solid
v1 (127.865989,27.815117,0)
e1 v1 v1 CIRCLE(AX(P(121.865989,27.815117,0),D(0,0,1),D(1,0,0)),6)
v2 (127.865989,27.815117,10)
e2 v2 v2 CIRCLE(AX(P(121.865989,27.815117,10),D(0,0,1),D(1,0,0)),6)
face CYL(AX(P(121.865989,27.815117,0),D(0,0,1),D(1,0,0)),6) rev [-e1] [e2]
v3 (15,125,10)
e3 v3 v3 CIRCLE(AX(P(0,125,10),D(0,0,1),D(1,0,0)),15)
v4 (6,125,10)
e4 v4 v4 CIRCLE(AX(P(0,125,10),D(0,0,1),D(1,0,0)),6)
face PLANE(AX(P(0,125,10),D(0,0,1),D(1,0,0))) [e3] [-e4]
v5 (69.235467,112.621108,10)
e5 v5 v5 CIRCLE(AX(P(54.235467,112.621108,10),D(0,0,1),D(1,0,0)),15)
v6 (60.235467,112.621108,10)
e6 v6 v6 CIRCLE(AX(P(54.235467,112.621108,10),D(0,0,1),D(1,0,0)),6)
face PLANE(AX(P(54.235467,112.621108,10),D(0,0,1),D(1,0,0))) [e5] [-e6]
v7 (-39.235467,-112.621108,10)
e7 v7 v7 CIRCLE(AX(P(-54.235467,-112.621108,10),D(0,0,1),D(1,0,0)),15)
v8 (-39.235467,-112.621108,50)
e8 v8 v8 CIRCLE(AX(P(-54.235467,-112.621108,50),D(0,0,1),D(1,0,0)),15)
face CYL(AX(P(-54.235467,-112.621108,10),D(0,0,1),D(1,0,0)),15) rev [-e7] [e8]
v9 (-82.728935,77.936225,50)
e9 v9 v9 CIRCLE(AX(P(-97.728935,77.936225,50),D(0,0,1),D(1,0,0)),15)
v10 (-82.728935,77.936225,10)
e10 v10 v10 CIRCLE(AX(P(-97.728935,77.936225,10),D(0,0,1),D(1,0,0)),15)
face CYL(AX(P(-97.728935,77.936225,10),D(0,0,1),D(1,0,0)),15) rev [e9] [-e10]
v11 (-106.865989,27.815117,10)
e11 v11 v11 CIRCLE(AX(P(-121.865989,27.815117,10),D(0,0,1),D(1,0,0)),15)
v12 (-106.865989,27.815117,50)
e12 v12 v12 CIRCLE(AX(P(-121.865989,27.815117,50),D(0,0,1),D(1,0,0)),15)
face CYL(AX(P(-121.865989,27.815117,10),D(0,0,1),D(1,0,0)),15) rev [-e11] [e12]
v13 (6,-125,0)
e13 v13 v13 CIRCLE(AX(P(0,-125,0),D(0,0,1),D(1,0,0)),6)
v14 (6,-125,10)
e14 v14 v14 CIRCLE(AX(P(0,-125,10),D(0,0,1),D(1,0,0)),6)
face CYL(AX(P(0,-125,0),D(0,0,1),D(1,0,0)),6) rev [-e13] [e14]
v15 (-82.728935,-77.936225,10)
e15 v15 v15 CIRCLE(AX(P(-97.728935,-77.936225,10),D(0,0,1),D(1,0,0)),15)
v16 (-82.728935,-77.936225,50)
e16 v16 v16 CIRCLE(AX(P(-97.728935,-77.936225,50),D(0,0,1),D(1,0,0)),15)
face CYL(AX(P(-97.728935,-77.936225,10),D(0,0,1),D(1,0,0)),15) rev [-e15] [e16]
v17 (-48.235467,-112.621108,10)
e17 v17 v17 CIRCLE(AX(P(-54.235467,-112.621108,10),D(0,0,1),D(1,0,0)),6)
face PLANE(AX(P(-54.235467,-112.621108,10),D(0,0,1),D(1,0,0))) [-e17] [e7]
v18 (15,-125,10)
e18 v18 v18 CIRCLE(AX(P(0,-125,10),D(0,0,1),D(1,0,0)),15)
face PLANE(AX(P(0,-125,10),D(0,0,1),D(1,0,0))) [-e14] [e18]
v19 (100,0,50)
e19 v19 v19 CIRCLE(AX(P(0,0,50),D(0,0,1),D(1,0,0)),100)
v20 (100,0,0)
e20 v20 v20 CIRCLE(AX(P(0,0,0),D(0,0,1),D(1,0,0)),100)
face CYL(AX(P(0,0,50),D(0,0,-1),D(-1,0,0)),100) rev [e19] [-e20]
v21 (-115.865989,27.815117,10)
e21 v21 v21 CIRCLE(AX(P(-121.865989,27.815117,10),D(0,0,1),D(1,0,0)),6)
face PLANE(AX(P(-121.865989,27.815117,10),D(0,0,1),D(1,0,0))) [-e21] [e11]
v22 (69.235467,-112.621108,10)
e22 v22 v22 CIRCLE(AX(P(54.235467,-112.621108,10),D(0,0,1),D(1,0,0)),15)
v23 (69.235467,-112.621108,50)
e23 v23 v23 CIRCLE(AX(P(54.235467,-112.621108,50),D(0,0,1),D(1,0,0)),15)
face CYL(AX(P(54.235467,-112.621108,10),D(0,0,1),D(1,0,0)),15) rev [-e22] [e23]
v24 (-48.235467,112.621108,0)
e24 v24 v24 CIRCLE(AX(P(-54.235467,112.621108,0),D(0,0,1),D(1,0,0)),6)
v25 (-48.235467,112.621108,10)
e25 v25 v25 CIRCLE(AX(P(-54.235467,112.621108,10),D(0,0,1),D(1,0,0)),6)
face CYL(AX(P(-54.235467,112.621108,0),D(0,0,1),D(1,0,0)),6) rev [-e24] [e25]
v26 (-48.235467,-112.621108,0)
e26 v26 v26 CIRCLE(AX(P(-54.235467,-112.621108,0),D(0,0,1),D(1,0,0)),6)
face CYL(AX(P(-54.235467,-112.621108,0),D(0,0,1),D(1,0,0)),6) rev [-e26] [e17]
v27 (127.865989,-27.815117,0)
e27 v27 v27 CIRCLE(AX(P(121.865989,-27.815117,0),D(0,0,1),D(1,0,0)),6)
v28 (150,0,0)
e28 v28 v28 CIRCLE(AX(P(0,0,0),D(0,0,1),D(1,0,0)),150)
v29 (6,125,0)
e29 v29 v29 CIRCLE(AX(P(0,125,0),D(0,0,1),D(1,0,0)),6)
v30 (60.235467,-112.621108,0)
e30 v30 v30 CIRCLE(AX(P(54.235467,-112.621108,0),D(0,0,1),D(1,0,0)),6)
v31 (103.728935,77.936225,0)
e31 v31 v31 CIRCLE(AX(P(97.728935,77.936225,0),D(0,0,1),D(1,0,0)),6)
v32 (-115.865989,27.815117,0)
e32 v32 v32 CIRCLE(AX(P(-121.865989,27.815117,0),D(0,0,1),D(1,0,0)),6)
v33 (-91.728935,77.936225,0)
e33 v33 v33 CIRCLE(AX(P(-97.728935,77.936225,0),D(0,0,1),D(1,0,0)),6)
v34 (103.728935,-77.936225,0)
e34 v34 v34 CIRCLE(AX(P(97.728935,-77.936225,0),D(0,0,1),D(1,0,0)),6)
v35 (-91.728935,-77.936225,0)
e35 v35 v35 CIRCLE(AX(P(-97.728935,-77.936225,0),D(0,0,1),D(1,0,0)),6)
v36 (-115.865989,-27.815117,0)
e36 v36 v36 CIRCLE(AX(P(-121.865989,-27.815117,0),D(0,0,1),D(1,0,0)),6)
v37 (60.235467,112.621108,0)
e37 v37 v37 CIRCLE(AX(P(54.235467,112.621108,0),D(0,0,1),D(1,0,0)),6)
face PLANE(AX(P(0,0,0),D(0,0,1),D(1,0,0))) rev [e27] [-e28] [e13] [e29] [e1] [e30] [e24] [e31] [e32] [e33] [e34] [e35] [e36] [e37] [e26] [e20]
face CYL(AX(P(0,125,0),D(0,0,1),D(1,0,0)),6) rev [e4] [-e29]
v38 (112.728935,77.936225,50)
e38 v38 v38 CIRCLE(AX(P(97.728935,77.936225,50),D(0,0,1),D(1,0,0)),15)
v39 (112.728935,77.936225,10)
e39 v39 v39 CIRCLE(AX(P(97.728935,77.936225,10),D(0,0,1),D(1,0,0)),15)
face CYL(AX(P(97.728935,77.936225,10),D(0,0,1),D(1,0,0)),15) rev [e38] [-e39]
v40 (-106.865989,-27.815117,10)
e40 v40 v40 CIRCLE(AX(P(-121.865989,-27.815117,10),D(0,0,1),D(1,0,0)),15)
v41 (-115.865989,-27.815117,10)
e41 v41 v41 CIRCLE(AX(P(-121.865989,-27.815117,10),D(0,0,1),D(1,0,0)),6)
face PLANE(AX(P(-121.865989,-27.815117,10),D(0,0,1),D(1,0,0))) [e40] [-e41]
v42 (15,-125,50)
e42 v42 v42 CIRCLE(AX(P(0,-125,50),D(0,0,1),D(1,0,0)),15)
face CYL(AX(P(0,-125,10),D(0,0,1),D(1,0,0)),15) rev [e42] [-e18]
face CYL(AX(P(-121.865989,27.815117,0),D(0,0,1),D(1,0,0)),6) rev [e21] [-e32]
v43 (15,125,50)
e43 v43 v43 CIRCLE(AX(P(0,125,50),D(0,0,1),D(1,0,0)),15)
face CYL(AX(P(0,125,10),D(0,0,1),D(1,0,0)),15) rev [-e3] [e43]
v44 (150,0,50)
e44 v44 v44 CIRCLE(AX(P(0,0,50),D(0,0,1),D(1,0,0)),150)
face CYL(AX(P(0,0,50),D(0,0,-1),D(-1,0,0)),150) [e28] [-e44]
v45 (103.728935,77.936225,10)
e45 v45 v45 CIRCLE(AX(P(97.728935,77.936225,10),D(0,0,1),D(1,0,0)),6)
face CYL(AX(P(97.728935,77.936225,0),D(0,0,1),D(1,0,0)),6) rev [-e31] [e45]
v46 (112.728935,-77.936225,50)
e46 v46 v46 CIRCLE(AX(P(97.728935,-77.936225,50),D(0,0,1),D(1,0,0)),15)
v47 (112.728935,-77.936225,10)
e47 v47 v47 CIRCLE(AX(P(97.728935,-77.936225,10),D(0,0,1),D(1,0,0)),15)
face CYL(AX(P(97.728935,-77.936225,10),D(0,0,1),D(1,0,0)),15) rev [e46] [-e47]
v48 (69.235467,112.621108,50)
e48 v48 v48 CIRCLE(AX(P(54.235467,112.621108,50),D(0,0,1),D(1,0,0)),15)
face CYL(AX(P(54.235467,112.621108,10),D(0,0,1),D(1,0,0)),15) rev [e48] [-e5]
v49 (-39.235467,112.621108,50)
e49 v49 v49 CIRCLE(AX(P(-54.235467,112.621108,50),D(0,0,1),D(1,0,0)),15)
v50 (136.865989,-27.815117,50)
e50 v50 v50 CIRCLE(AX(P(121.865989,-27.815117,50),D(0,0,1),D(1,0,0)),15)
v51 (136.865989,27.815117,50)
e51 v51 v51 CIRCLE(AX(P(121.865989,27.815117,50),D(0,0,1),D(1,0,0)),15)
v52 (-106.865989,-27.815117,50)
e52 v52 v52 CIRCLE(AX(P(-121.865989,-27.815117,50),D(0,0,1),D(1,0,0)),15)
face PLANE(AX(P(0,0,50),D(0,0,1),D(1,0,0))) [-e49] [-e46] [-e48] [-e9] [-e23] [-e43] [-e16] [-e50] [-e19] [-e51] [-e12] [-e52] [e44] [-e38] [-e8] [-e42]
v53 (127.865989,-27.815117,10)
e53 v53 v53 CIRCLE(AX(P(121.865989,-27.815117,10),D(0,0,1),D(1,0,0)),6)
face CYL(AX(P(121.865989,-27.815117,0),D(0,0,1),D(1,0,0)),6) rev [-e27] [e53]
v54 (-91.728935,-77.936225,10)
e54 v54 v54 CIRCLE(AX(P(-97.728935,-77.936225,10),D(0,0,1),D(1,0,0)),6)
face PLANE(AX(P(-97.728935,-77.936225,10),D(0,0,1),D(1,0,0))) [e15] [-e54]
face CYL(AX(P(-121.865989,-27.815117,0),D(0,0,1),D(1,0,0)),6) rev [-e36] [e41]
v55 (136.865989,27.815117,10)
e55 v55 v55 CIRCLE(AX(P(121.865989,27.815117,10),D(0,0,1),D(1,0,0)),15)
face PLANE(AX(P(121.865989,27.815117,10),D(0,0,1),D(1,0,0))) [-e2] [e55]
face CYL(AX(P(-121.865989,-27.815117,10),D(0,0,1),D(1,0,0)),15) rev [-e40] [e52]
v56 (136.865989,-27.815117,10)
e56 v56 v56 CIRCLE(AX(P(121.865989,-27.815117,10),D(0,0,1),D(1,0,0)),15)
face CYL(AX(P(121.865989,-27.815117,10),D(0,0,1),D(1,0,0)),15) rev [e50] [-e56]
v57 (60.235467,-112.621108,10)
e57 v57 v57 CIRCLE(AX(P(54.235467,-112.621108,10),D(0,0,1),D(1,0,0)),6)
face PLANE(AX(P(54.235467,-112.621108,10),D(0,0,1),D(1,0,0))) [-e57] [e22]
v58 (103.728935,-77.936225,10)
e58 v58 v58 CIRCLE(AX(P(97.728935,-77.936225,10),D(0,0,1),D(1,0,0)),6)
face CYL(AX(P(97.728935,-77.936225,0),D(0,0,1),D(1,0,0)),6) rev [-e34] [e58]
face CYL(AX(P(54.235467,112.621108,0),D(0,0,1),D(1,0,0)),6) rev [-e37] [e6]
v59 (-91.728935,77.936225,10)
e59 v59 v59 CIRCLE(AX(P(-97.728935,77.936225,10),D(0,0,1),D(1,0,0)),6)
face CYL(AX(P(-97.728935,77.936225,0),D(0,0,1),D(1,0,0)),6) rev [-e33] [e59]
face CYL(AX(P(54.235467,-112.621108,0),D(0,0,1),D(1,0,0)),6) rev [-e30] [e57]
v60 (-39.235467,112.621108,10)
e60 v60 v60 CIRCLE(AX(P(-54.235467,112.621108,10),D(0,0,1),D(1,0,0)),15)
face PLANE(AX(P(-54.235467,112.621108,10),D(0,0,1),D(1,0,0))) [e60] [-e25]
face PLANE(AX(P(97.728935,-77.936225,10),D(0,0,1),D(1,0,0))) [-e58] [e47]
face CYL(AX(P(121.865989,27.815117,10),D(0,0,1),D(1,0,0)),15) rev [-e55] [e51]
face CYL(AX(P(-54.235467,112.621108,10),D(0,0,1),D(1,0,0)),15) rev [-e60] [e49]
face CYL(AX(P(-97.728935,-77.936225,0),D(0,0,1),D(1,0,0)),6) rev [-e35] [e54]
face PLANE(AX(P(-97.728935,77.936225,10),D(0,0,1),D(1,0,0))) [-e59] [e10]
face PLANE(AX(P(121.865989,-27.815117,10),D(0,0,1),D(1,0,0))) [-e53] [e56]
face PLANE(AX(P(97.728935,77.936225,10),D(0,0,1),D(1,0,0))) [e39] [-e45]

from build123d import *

# Parameters (mm, degrees)
ESQUISSE1_R             = 150
ESQUISSE1_R_2           = 100
BOSS_EXTRU_1_DEPTH      = 50
ESQUISSE2_R             = 15
ENL_V_MAT_EXTRU_1_DEPTH = 40
ESQUISSE3_R             = 6
ENL_V_MAT_EXTRU_2_DEPTH = 10


with BuildPart() as part:
    # Esquisse1 → Boss.-Extru.1 (new body)
    with BuildSketch(Plane.XY):
        Circle(ESQUISSE1_R)
        Circle(ESQUISSE1_R_2, mode=Mode.SUBTRACT)
    extrude(amount=BOSS_EXTRU_1_DEPTH)

    # Esquisse2 → Enlèv. mat.-Extru.1 (cut)
    with BuildSketch(Plane.XY.offset(50)):
        with Locations((0, 125)):
            Circle(ESQUISSE2_R)
        with Locations((54.23546739, 112.621108488)):
            Circle(ESQUISSE2_R)
        with Locations((97.728935309, 77.936225232)):
            Circle(ESQUISSE2_R)
        with Locations((121.865989023, 27.815116745)):
            Circle(ESQUISSE2_R)
        with Locations((121.865989023, -27.815116745)):
            Circle(ESQUISSE2_R)
        with Locations((97.728935309, -77.936225232)):
            Circle(ESQUISSE2_R)
        with Locations((54.23546739, -112.621108488)):
            Circle(ESQUISSE2_R)
        with Locations((0, -125)):
            Circle(ESQUISSE2_R)
        with Locations((-54.23546739, -112.621108488)):
            Circle(ESQUISSE2_R)
        with Locations((-97.728935309, -77.936225232)):
            Circle(ESQUISSE2_R)
        with Locations((-121.865989023, -27.815116745)):
            Circle(ESQUISSE2_R)
        with Locations((-121.865989023, 27.815116745)):
            Circle(ESQUISSE2_R)
        with Locations((-97.728935309, 77.936225232)):
            Circle(ESQUISSE2_R)
        with Locations((-54.23546739, 112.621108488)):
            Circle(ESQUISSE2_R)
    extrude(amount=-ENL_V_MAT_EXTRU_1_DEPTH, mode=Mode.SUBTRACT)

    # Esquisse3 → Enlèv. mat.-Extru.2 (cut)
    with BuildSketch(Plane.XY.offset(10)):
        with Locations((0, 125)):
            Circle(ESQUISSE3_R)
        with Locations((54.23546739, 112.621108488)):
            Circle(ESQUISSE3_R)
        with Locations((97.728935309, 77.936225232)):
            Circle(ESQUISSE3_R)
        with Locations((121.865989023, 27.815116745)):
            Circle(ESQUISSE3_R)
        with Locations((121.865989023, -27.815116745)):
            Circle(ESQUISSE3_R)
        with Locations((97.728935309, -77.936225232)):
            Circle(ESQUISSE3_R)
        with Locations((54.23546739, -112.621108488)):
            Circle(ESQUISSE3_R)
        with Locations((0, -125)):
            Circle(ESQUISSE3_R)
        with Locations((-54.23546739, -112.621108488)):
            Circle(ESQUISSE3_R)
        with Locations((-97.728935309, -77.936225232)):
            Circle(ESQUISSE3_R)
        with Locations((-121.865989023, -27.815116745)):
            Circle(ESQUISSE3_R)
        with Locations((-121.865989023, 27.815116745)):
            Circle(ESQUISSE3_R)
        with Locations((-97.728935309, 77.936225232)):
            Circle(ESQUISSE3_R)
        with Locations((-54.23546739, 112.621108488)):
            Circle(ESQUISSE3_R)
    extrude(amount=-ENL_V_MAT_EXTRU_2_DEPTH, mode=Mode.SUBTRACT)


solid = part.part
